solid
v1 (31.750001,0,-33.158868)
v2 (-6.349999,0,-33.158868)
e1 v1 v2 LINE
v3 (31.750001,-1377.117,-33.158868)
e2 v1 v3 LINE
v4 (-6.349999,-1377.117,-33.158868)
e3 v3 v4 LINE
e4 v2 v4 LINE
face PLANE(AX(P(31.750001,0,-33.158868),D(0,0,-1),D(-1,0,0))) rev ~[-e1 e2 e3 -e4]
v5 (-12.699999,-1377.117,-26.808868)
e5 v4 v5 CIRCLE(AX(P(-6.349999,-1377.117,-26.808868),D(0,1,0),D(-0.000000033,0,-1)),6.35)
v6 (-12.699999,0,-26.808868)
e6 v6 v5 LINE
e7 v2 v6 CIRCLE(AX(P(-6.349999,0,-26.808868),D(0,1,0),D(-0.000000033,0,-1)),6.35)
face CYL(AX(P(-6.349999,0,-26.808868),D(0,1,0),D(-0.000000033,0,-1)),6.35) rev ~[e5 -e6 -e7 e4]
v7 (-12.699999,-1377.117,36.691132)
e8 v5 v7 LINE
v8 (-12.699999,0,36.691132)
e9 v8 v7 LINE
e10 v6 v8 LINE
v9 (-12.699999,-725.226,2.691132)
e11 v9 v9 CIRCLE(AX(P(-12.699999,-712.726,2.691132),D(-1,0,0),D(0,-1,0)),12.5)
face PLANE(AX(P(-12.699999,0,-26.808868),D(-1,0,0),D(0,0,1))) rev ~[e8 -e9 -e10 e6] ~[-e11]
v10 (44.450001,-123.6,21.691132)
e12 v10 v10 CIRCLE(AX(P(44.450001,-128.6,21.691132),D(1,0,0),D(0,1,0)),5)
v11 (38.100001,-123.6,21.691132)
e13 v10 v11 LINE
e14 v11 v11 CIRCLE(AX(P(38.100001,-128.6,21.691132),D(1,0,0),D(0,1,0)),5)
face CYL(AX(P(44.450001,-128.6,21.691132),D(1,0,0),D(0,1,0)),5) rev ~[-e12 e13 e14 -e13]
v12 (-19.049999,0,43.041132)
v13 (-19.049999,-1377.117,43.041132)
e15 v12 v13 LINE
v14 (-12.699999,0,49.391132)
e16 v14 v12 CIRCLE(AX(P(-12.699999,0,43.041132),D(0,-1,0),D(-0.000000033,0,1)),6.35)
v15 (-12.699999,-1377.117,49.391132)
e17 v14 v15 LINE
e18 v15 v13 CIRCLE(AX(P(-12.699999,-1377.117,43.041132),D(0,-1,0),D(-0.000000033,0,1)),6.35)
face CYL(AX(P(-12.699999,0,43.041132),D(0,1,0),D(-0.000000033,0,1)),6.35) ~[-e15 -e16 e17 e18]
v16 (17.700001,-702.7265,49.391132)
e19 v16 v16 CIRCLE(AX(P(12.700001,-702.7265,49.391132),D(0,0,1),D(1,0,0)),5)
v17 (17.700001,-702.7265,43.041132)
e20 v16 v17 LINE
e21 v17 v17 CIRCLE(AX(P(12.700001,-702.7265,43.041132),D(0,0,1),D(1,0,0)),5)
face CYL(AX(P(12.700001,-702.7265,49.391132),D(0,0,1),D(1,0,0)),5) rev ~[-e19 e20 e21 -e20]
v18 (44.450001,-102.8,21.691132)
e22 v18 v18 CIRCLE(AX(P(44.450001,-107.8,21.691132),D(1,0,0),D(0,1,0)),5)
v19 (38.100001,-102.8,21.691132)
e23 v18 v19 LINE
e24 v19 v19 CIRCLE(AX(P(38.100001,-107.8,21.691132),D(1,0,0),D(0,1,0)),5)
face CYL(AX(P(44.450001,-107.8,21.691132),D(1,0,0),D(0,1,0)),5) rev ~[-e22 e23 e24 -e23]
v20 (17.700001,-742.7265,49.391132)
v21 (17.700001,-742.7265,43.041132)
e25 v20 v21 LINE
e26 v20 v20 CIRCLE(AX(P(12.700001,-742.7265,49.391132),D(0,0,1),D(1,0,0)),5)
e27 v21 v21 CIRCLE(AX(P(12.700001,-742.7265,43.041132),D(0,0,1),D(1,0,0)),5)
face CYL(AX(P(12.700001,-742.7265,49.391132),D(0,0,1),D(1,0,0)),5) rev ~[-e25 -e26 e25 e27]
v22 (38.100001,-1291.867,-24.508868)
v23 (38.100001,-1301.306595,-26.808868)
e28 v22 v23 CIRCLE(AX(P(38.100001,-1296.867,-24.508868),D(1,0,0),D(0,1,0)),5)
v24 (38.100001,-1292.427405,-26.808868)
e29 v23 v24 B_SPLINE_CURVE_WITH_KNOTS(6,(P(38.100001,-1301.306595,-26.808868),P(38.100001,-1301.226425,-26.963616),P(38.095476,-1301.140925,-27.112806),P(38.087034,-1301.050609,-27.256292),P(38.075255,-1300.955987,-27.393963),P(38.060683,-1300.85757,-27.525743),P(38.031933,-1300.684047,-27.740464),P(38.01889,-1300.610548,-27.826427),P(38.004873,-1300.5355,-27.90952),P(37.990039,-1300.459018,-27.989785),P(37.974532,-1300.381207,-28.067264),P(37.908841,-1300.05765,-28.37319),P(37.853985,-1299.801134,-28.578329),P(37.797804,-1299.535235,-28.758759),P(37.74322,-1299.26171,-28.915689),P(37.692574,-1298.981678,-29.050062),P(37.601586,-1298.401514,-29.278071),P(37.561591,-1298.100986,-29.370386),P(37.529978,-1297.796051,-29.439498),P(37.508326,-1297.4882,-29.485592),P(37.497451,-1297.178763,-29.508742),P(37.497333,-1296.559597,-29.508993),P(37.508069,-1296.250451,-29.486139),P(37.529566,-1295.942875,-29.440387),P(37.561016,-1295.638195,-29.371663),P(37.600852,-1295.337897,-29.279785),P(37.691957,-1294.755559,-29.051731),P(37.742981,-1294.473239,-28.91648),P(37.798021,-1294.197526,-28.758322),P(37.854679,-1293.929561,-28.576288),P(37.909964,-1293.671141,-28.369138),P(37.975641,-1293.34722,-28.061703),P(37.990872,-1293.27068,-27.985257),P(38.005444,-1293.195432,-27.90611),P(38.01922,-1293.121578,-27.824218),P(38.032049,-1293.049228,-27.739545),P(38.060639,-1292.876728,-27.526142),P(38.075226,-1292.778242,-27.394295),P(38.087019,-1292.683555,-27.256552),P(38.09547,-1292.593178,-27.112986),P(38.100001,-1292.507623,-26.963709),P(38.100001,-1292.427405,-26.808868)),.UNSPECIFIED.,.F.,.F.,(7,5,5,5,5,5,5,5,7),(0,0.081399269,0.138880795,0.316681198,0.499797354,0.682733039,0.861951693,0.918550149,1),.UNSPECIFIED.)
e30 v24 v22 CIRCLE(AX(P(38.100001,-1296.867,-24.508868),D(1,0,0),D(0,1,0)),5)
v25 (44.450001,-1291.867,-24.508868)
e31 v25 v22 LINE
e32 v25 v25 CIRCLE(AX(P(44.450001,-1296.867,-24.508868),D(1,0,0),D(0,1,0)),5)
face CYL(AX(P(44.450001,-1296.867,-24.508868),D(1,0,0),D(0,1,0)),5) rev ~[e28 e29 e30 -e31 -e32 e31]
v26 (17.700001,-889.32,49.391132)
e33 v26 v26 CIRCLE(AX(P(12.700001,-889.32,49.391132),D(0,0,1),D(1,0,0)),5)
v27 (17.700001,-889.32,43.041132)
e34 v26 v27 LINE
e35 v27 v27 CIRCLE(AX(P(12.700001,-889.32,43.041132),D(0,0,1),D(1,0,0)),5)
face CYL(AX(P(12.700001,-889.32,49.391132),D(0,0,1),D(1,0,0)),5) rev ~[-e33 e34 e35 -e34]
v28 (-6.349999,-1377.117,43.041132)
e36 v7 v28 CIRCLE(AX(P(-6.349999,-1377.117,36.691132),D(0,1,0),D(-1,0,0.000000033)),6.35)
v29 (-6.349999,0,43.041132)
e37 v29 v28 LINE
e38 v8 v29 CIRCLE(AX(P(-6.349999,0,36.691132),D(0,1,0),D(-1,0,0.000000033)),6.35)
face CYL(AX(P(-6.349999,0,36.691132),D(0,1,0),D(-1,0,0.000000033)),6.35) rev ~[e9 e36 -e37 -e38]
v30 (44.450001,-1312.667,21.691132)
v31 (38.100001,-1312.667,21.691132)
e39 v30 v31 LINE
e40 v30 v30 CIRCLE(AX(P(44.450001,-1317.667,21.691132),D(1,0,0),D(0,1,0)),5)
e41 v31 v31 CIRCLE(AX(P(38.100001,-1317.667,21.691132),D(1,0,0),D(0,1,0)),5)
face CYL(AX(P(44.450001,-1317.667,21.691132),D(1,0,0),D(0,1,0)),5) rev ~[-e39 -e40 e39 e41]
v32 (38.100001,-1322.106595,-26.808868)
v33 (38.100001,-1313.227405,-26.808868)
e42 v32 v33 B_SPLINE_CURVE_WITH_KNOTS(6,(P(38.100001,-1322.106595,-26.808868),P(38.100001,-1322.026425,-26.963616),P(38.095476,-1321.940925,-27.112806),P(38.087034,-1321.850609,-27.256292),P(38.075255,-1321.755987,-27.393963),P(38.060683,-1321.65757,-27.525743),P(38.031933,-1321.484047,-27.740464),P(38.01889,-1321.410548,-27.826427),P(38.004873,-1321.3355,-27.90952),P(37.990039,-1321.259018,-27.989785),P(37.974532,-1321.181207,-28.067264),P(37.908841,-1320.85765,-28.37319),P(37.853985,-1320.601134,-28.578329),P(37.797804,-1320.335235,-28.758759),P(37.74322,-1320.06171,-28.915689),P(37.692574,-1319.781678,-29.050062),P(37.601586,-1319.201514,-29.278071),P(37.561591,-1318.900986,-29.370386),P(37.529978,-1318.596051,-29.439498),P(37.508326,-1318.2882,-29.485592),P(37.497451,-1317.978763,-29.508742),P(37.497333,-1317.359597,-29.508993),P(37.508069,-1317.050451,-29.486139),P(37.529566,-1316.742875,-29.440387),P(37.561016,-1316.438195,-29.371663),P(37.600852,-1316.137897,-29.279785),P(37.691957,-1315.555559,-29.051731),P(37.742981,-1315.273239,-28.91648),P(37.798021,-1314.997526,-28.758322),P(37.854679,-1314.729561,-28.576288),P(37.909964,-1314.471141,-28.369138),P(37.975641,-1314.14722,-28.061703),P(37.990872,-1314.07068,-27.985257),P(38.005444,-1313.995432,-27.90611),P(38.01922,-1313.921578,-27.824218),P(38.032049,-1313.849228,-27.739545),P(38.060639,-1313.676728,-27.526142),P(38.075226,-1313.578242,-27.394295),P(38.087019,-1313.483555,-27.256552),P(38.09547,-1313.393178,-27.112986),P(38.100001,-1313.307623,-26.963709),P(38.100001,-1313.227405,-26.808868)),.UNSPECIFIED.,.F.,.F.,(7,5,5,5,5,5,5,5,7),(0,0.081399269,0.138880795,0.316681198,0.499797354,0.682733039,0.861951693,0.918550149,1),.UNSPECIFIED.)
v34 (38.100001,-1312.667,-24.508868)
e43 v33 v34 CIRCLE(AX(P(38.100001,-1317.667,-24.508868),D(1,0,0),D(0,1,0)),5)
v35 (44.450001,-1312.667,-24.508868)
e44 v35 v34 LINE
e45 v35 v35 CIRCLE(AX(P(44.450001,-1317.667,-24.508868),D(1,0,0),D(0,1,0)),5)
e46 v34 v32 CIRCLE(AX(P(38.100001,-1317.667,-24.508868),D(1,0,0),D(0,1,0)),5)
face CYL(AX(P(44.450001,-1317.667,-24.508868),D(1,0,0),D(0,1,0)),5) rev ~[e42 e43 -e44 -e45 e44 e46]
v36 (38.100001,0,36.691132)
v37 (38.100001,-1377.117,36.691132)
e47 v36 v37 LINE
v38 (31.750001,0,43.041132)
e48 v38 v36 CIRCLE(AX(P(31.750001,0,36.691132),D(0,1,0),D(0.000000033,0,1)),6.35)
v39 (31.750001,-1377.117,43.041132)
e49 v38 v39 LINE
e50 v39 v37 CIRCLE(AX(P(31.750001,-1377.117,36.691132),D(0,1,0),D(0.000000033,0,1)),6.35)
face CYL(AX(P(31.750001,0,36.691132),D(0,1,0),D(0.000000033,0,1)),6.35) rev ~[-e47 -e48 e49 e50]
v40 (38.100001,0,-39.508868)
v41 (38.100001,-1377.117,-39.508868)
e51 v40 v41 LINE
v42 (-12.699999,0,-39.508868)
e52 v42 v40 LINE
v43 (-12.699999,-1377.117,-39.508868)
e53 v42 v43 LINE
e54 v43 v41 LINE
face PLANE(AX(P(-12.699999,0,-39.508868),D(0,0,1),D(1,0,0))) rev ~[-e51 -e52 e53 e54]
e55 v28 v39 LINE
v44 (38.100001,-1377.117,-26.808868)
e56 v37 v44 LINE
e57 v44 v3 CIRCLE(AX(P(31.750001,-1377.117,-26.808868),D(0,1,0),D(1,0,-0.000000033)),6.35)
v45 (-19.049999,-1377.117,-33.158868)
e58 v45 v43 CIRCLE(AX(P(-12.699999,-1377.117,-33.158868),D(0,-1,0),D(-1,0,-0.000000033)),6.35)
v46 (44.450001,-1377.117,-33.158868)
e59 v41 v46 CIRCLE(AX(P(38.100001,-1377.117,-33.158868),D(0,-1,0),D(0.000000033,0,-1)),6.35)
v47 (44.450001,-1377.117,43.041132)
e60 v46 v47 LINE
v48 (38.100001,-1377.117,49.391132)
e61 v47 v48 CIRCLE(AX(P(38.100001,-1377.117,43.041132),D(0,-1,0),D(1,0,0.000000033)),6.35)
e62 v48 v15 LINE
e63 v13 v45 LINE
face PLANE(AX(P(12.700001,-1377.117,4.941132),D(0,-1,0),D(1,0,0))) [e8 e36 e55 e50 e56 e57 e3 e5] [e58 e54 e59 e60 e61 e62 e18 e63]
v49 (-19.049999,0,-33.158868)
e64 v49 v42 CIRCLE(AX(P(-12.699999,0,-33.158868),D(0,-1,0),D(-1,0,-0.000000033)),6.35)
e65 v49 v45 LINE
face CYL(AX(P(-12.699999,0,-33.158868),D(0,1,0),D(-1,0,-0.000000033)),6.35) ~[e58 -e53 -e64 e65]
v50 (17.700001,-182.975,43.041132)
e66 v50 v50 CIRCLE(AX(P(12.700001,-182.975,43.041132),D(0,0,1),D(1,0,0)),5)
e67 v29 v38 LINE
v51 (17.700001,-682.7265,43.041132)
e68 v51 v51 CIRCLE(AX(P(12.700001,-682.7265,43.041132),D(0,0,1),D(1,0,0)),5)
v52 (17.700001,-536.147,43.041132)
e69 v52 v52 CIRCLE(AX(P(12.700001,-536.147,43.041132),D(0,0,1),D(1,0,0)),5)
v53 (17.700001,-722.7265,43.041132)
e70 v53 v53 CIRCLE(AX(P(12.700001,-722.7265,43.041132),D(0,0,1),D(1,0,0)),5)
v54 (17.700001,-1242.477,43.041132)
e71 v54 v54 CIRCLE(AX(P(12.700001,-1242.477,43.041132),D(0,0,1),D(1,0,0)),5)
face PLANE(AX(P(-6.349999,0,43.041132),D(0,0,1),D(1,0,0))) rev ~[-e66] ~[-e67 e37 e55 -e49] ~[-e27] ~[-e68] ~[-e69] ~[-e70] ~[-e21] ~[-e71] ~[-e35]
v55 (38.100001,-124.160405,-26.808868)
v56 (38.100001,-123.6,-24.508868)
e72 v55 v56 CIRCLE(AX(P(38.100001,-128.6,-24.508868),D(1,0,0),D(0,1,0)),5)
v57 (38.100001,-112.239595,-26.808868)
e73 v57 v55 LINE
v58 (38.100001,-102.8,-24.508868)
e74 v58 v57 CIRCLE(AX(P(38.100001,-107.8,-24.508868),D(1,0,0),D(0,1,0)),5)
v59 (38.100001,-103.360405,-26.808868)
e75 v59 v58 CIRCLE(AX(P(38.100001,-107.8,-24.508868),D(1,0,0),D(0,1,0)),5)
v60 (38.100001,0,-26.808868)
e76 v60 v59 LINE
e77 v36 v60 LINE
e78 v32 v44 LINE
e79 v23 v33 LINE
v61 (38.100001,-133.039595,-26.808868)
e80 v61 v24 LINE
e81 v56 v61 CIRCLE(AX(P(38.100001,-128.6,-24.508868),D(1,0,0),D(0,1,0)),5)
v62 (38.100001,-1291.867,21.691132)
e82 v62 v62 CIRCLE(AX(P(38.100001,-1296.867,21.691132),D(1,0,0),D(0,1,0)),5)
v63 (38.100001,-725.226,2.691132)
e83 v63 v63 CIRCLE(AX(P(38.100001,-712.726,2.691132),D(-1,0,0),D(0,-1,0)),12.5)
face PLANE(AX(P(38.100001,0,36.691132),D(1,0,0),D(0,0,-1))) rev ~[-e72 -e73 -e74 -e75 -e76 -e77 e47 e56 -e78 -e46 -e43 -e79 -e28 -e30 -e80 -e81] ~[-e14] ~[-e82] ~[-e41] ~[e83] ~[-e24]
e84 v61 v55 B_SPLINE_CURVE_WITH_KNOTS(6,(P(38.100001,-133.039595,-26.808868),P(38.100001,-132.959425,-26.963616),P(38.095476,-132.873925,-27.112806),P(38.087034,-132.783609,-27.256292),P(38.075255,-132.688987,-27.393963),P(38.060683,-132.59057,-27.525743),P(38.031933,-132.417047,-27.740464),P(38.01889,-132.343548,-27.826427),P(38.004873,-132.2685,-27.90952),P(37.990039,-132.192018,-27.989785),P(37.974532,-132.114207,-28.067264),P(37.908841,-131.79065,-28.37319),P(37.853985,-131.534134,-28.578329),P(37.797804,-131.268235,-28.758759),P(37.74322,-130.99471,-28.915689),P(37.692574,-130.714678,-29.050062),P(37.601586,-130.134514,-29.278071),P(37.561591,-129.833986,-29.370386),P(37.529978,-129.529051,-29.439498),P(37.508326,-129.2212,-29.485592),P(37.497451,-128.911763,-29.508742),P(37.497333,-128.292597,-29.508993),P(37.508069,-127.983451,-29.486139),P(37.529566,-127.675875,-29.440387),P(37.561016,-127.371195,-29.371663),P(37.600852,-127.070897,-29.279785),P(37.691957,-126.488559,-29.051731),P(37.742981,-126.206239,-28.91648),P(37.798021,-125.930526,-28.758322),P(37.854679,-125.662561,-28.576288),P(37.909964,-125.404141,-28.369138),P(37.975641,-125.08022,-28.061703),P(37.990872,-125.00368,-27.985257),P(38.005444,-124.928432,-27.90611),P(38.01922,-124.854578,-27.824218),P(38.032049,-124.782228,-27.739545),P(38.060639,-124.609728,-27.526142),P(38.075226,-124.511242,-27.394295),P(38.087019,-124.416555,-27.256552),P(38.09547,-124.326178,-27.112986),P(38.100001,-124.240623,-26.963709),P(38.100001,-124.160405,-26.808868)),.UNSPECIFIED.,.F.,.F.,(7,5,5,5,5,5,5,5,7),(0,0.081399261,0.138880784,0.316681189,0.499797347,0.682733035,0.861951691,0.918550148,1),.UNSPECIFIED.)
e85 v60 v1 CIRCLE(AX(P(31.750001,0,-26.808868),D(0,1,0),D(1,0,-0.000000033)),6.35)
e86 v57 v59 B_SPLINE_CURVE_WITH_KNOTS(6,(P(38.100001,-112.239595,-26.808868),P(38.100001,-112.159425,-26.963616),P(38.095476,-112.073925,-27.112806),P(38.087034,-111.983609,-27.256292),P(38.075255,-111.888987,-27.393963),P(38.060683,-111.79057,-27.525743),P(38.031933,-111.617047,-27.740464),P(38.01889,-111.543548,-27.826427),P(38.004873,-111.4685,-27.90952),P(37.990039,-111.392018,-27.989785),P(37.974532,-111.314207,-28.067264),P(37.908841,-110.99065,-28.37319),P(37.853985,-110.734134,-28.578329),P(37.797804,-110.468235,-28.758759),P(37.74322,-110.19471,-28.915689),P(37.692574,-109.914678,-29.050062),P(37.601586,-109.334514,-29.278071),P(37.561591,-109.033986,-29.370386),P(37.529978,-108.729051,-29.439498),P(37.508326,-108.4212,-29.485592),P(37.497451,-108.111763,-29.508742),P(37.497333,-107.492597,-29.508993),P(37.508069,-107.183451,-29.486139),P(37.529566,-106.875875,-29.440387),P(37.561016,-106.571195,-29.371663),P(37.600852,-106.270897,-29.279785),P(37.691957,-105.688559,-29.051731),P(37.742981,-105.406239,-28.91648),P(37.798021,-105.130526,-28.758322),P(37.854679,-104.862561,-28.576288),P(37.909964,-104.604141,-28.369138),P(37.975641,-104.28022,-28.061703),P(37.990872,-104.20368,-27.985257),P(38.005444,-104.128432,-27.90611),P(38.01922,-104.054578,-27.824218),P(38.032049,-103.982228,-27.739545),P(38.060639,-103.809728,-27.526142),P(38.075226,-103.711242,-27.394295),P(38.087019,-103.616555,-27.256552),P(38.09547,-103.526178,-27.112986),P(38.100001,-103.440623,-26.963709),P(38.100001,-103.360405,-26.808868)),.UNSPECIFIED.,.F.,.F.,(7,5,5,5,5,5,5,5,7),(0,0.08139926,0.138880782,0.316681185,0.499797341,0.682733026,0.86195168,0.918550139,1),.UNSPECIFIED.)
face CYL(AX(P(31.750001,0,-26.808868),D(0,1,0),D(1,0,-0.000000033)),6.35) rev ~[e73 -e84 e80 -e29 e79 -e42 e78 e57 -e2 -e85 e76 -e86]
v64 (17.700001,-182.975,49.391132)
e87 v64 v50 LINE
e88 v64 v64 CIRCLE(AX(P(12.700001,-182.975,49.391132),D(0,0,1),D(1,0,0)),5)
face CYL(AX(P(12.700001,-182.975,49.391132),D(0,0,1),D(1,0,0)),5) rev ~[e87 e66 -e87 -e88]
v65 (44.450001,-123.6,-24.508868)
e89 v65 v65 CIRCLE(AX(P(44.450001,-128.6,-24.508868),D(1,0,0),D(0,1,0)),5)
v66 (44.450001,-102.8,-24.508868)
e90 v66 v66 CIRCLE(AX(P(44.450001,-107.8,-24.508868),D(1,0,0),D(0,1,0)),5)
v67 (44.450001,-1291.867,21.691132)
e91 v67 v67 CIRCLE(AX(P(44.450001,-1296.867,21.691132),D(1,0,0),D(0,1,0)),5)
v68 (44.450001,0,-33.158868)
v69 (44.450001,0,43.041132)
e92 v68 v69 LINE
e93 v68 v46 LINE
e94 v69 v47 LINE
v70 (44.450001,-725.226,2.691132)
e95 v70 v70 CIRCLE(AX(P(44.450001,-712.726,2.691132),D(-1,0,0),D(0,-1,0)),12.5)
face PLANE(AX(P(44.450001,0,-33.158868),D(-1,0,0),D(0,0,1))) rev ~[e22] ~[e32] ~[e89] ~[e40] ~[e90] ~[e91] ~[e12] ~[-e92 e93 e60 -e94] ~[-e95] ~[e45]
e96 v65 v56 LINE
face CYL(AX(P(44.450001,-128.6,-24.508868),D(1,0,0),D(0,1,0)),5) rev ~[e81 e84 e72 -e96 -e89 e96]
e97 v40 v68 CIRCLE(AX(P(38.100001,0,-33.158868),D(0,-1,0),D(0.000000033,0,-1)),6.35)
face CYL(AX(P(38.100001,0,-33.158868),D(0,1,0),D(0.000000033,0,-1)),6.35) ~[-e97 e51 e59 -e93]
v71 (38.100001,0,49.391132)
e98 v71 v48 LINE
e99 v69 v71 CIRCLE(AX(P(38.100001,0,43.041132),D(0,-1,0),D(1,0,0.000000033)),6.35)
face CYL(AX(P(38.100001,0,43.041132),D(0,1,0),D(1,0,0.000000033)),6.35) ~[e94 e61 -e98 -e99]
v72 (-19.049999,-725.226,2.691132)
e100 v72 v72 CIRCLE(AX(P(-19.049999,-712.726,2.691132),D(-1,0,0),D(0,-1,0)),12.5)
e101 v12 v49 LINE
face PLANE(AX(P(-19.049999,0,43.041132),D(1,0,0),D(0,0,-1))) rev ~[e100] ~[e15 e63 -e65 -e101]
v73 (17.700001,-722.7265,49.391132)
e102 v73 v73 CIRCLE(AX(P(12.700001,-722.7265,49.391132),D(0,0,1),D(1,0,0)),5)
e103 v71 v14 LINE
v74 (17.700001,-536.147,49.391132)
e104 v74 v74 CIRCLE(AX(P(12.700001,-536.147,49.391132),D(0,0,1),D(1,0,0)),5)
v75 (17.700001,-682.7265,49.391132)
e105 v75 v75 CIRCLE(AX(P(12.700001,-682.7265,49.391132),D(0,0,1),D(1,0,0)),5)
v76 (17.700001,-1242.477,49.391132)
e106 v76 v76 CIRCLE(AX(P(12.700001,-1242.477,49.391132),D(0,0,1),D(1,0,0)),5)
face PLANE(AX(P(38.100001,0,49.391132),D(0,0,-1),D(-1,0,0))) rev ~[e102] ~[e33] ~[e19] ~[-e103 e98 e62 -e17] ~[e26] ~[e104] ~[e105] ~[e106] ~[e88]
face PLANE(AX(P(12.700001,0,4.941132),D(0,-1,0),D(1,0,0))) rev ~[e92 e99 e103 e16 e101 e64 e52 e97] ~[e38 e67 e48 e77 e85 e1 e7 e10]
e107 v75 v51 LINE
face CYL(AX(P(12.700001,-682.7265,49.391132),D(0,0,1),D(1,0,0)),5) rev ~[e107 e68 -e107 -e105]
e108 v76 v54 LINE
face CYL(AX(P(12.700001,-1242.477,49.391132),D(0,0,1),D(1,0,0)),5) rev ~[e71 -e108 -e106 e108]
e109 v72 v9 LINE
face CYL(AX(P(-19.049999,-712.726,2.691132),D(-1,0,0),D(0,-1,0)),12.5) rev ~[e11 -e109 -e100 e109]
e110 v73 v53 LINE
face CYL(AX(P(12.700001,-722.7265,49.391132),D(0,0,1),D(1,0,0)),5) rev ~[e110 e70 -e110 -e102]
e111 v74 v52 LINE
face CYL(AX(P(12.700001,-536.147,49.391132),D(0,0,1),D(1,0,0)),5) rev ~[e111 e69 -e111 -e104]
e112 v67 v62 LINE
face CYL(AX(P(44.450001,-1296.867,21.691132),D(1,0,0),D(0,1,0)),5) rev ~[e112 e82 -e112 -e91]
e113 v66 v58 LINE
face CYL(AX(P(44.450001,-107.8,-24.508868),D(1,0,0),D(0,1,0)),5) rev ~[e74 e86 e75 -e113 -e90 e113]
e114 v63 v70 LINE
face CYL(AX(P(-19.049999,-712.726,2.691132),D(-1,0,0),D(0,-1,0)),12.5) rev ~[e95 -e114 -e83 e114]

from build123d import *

# Parameters (mm, degrees)
F1_DEPTH = 1377.117
F2_R     = 5
F3_DEPTH = 25
F4_R     = 5
F5_DEPTH = 25
F6_R     = 12.5
F7_DEPTH = 63.501


with BuildPart() as f1:
    # F0 (on Front) → F1 (new body)
    with BuildSketch(Plane.XZ):
        with BuildLine():
            Line((38.100001, 49.391132), (-12.699999, 49.391132))
            ThreePointArc((-12.699999, 49.391132), (-17.190127, 47.53126), (-19.049999, 43.041132))
            Line((-19.049999, 43.041132), (-19.049999, -33.158868))
            ThreePointArc((-19.049999, -33.158868), (-17.190127, -37.648996), (-12.699999, -39.508868))
            Line((-12.699999, -39.508868), (38.100001, -39.508868))
            ThreePointArc((38.100001, -39.508868), (42.590129, -37.648996), (44.450001, -33.158868))
            Line((44.450001, -33.158868), (44.450001, 43.041132))
            ThreePointArc((44.450001, 43.041132), (42.590129, 47.53126), (38.100001, 49.391132))
        make_face()
        with BuildLine():
            ThreePointArc((-12.699999, 36.691132), (-10.840127, 41.18126), (-6.349999, 43.041132))
            Line((-6.349999, 43.041132), (31.750001, 43.041132))
            ThreePointArc((31.750001, 43.041132), (36.240129, 41.18126), (38.100001, 36.691132))
            Line((38.100001, 36.691132), (38.100001, -26.808868))
            ThreePointArc((38.100001, -26.808868), (36.240129, -31.298996), (31.750001, -33.158868))
            Line((31.750001, -33.158868), (-6.349999, -33.158868))
            ThreePointArc((-6.349999, -33.158868), (-10.840127, -31.298996), (-12.699999, -26.808868))
            Line((-12.699999, -26.808868), (-12.699999, 36.691132))
        make_face(mode=Mode.SUBTRACT)
    extrude(amount=F1_DEPTH)

    # F2 (on face) → F3 (cut)
    with BuildSketch(Plane.YZ.offset(44.450001)):
        with Locations((-1317.667, 21.691132)):
            Circle(F2_R)
        with Locations((-1317.667, -24.508868)):
            Circle(F2_R)
        with Locations((-1296.867, 21.691132)):
            Circle(F2_R)
        with Locations((-1296.867, -24.508868)):
            Circle(F2_R)
        with Locations((-128.6, 21.691132)):
            Circle(F2_R)
        with Locations((-128.6, -24.508868)):
            Circle(F2_R)
        with Locations((-107.8, 21.691132)):
            Circle(F2_R)
        with Locations((-107.8, -24.508868)):
            Circle(F2_R)
    extrude(amount=-F3_DEPTH, mode=Mode.SUBTRACT)

    # F4 (on face) → F5 (cut)
    with BuildSketch(Plane.XY.offset(49.391132)):
        with Locations((12.700001, -1242.477)):
            Circle(F4_R)
        with Locations((12.700001, -889.32)):
            Circle(F4_R)
        with Locations((12.700001, -536.147)):
            Circle(F4_R)
        with Locations((12.700001, -182.975)):
            Circle(F4_R)
        with Locations((12.700001, -742.7265)):
            Circle(F4_R)
        with Locations((12.700001, -722.7265)):
            Circle(F4_R)
        with Locations((12.700001, -702.7265)):
            Circle(F4_R)
        with Locations((12.700001, -682.7265)):
            Circle(F4_R)
    extrude(amount=-F5_DEPTH, mode=Mode.SUBTRACT)

    # F6 (on face) → F7 (cut, through all)
    with BuildSketch(Plane(origin=(-19.049999, 0, 0), x_dir=(0, -1, 0), z_dir=(-1, 0, 0))):
        with Locations((712.726, 2.691132)):
            Circle(F6_R)
    extrude(amount=-F7_DEPTH, mode=Mode.SUBTRACT)


solid = f1.part
